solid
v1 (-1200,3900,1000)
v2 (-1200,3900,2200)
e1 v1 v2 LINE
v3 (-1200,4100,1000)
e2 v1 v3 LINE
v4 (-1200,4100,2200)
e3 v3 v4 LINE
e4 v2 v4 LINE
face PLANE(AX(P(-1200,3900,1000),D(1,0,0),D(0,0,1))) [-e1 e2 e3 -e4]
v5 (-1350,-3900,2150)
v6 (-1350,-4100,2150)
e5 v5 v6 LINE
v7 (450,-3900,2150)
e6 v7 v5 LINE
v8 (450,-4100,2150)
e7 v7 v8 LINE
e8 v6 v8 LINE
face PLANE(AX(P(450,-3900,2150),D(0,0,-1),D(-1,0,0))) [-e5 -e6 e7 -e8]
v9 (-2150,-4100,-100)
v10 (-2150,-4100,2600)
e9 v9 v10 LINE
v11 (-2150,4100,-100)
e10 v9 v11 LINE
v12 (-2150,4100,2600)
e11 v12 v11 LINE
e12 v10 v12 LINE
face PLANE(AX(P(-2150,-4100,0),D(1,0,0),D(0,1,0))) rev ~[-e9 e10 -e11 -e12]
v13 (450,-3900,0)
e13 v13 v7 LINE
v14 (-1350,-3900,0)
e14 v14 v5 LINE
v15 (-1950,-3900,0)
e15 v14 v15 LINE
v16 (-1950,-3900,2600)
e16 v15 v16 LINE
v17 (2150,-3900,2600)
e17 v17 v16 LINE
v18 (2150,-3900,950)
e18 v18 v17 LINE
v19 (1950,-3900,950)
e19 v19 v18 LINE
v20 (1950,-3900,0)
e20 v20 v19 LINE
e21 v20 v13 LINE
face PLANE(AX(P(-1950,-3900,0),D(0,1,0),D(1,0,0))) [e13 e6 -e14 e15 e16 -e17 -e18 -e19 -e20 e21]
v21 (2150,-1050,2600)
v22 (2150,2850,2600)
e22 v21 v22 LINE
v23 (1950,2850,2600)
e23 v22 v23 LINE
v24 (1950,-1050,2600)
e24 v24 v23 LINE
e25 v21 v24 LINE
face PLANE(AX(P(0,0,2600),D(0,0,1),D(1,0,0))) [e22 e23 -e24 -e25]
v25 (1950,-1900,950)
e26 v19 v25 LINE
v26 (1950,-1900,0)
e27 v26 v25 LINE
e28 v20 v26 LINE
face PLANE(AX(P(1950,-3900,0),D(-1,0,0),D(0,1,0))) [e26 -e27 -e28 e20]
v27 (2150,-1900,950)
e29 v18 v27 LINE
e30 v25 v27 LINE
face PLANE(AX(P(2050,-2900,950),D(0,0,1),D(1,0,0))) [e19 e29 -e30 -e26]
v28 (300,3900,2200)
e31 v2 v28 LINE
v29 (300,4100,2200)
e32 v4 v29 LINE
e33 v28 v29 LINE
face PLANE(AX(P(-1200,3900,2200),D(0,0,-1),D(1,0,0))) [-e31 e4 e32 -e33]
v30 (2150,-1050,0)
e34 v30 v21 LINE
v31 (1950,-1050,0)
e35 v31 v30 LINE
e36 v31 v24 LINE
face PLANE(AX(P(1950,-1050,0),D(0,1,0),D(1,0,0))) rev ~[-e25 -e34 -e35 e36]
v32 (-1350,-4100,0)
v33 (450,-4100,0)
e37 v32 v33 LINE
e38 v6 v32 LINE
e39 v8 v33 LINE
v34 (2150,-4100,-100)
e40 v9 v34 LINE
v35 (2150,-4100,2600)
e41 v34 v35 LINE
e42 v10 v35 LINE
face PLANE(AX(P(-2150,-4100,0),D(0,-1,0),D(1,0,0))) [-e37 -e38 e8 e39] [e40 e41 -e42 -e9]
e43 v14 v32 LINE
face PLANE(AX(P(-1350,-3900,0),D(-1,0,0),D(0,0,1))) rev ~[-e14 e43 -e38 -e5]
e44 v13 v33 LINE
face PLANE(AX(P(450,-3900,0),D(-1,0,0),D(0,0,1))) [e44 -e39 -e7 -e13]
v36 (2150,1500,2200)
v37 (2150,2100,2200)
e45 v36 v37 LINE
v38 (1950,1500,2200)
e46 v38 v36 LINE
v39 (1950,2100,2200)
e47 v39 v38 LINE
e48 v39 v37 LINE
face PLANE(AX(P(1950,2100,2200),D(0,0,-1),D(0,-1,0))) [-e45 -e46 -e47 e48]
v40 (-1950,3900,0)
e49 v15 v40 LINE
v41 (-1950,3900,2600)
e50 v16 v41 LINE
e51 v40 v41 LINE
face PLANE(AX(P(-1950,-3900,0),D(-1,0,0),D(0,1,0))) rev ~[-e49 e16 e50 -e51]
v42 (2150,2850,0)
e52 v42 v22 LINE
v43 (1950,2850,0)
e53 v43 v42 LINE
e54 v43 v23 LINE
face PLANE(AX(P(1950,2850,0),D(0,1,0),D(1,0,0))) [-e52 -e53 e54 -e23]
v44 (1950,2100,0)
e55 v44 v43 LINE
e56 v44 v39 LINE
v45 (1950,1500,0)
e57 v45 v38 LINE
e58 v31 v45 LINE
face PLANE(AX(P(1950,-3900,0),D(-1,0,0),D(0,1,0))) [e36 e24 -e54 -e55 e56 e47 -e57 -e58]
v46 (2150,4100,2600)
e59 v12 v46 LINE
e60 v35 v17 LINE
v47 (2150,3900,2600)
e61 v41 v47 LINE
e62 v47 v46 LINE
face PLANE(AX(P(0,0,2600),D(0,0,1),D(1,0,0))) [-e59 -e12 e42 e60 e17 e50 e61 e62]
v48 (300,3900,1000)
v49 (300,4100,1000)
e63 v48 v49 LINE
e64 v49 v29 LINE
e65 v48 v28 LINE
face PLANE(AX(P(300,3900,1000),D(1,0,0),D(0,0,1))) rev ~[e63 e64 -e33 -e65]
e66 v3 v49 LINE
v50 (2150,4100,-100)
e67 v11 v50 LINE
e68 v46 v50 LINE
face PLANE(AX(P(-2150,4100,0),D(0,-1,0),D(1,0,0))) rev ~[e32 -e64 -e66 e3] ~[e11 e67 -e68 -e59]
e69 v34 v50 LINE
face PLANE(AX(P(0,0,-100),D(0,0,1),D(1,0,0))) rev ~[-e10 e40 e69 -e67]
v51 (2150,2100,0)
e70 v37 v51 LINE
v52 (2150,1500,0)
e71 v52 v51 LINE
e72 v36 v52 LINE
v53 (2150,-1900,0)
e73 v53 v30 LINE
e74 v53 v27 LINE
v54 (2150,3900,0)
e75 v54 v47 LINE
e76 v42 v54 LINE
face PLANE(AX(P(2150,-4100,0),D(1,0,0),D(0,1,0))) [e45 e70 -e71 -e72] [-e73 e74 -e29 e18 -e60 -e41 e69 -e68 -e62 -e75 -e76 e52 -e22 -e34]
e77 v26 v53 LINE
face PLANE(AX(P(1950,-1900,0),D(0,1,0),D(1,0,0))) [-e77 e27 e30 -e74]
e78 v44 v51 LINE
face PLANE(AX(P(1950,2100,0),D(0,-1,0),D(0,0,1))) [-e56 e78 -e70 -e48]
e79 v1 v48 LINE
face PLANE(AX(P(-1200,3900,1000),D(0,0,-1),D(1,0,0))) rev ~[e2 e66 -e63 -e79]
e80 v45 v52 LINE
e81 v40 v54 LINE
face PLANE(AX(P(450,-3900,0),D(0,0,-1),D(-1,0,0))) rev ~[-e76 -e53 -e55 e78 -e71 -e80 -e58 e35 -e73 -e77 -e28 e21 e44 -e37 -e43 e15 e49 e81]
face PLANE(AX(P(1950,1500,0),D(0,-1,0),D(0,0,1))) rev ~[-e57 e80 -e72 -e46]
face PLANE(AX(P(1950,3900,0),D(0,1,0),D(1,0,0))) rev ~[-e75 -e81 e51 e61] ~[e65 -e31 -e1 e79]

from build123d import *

# Parameters (mm, degrees)
F0_W          = 3900
F0_H          = 7800
F1_DEPTH      = 100
F2_W          = 4300
F2_H          = 8200
F2_W_2        = 3900
F2_H_2        = 7800
F3_DEPTH      = 2600
F3_DEPTH_BACK = 100
F4_W          = 200
F4_H          = 1050
F4_H_2        = 2850
F5_DEPTH      = 2600.001
F6_W          = 1500
F6_H          = 1200
F7_DEPTH      = 200.001
F8_W          = 1800
F8_H          = 2150
F9_DEPTH      = 200.001
F10_W         = 600
F10_H         = 2200
F11_DEPTH     = 200.001
F12_W         = 200
F12_H         = 2000
F13_DEPTH     = 950


with BuildPart() as f1:
    # F0 (on Top) → F1 (new body)
    with BuildSketch(Plane.XY):
        Rectangle(F0_W, F0_H)
    extrude(amount=-F1_DEPTH)

    # F2 (on Top) → F3 (join, two sides)
    with BuildSketch(Plane.XY) as f3_sk:
        Rectangle(F2_W, F2_H)
        Rectangle(F2_W_2, F2_H_2, mode=Mode.SUBTRACT)
    extrude(amount=F3_DEPTH)
    extrude(f3_sk.sketch, amount=-F3_DEPTH_BACK)

    # F4 (on face) → F5 (cut, through all)
    with BuildSketch(Plane.XY):
        with Locations((2050, 3375)):
            Rectangle(F4_W, F4_H)
        with Locations((2050, -2475)):
            Rectangle(F4_W, F4_H_2)
    extrude(amount=F5_DEPTH, mode=Mode.SUBTRACT)

    # F6 (on face) → F7 (cut, through all)
    with BuildSketch(Plane.XZ.offset(-3900)):
        with Locations((-450, 1600)):
            Rectangle(F6_W, F6_H)
    extrude(amount=-F7_DEPTH, mode=Mode.SUBTRACT)

    # F8 (on face) → F9 (cut, through all)
    with BuildSketch(Plane(origin=(0, -3900, 0), x_dir=(-1, 0, 0), z_dir=(0, 1, 0))):
        with Locations((450, 1075)):
            Rectangle(F8_W, F8_H)
    extrude(amount=-F9_DEPTH, mode=Mode.SUBTRACT)

    # F10 (on face) → F11 (cut, through all)
    with BuildSketch(Plane(origin=(1950, 0, 0), x_dir=(0, -1, 0), z_dir=(-1, 0, 0))):
        with Locations((-1800, 1100)):
            Rectangle(F10_W, F10_H)
    extrude(amount=-F11_DEPTH, mode=Mode.SUBTRACT)

    # F12 (on face) → F13 (join)
    with BuildSketch(Plane.XY):
        with Locations((2050, -2900)):
            Rectangle(F12_W, F12_H)
    extrude(amount=F13_DEPTH)


solid = f1.part
